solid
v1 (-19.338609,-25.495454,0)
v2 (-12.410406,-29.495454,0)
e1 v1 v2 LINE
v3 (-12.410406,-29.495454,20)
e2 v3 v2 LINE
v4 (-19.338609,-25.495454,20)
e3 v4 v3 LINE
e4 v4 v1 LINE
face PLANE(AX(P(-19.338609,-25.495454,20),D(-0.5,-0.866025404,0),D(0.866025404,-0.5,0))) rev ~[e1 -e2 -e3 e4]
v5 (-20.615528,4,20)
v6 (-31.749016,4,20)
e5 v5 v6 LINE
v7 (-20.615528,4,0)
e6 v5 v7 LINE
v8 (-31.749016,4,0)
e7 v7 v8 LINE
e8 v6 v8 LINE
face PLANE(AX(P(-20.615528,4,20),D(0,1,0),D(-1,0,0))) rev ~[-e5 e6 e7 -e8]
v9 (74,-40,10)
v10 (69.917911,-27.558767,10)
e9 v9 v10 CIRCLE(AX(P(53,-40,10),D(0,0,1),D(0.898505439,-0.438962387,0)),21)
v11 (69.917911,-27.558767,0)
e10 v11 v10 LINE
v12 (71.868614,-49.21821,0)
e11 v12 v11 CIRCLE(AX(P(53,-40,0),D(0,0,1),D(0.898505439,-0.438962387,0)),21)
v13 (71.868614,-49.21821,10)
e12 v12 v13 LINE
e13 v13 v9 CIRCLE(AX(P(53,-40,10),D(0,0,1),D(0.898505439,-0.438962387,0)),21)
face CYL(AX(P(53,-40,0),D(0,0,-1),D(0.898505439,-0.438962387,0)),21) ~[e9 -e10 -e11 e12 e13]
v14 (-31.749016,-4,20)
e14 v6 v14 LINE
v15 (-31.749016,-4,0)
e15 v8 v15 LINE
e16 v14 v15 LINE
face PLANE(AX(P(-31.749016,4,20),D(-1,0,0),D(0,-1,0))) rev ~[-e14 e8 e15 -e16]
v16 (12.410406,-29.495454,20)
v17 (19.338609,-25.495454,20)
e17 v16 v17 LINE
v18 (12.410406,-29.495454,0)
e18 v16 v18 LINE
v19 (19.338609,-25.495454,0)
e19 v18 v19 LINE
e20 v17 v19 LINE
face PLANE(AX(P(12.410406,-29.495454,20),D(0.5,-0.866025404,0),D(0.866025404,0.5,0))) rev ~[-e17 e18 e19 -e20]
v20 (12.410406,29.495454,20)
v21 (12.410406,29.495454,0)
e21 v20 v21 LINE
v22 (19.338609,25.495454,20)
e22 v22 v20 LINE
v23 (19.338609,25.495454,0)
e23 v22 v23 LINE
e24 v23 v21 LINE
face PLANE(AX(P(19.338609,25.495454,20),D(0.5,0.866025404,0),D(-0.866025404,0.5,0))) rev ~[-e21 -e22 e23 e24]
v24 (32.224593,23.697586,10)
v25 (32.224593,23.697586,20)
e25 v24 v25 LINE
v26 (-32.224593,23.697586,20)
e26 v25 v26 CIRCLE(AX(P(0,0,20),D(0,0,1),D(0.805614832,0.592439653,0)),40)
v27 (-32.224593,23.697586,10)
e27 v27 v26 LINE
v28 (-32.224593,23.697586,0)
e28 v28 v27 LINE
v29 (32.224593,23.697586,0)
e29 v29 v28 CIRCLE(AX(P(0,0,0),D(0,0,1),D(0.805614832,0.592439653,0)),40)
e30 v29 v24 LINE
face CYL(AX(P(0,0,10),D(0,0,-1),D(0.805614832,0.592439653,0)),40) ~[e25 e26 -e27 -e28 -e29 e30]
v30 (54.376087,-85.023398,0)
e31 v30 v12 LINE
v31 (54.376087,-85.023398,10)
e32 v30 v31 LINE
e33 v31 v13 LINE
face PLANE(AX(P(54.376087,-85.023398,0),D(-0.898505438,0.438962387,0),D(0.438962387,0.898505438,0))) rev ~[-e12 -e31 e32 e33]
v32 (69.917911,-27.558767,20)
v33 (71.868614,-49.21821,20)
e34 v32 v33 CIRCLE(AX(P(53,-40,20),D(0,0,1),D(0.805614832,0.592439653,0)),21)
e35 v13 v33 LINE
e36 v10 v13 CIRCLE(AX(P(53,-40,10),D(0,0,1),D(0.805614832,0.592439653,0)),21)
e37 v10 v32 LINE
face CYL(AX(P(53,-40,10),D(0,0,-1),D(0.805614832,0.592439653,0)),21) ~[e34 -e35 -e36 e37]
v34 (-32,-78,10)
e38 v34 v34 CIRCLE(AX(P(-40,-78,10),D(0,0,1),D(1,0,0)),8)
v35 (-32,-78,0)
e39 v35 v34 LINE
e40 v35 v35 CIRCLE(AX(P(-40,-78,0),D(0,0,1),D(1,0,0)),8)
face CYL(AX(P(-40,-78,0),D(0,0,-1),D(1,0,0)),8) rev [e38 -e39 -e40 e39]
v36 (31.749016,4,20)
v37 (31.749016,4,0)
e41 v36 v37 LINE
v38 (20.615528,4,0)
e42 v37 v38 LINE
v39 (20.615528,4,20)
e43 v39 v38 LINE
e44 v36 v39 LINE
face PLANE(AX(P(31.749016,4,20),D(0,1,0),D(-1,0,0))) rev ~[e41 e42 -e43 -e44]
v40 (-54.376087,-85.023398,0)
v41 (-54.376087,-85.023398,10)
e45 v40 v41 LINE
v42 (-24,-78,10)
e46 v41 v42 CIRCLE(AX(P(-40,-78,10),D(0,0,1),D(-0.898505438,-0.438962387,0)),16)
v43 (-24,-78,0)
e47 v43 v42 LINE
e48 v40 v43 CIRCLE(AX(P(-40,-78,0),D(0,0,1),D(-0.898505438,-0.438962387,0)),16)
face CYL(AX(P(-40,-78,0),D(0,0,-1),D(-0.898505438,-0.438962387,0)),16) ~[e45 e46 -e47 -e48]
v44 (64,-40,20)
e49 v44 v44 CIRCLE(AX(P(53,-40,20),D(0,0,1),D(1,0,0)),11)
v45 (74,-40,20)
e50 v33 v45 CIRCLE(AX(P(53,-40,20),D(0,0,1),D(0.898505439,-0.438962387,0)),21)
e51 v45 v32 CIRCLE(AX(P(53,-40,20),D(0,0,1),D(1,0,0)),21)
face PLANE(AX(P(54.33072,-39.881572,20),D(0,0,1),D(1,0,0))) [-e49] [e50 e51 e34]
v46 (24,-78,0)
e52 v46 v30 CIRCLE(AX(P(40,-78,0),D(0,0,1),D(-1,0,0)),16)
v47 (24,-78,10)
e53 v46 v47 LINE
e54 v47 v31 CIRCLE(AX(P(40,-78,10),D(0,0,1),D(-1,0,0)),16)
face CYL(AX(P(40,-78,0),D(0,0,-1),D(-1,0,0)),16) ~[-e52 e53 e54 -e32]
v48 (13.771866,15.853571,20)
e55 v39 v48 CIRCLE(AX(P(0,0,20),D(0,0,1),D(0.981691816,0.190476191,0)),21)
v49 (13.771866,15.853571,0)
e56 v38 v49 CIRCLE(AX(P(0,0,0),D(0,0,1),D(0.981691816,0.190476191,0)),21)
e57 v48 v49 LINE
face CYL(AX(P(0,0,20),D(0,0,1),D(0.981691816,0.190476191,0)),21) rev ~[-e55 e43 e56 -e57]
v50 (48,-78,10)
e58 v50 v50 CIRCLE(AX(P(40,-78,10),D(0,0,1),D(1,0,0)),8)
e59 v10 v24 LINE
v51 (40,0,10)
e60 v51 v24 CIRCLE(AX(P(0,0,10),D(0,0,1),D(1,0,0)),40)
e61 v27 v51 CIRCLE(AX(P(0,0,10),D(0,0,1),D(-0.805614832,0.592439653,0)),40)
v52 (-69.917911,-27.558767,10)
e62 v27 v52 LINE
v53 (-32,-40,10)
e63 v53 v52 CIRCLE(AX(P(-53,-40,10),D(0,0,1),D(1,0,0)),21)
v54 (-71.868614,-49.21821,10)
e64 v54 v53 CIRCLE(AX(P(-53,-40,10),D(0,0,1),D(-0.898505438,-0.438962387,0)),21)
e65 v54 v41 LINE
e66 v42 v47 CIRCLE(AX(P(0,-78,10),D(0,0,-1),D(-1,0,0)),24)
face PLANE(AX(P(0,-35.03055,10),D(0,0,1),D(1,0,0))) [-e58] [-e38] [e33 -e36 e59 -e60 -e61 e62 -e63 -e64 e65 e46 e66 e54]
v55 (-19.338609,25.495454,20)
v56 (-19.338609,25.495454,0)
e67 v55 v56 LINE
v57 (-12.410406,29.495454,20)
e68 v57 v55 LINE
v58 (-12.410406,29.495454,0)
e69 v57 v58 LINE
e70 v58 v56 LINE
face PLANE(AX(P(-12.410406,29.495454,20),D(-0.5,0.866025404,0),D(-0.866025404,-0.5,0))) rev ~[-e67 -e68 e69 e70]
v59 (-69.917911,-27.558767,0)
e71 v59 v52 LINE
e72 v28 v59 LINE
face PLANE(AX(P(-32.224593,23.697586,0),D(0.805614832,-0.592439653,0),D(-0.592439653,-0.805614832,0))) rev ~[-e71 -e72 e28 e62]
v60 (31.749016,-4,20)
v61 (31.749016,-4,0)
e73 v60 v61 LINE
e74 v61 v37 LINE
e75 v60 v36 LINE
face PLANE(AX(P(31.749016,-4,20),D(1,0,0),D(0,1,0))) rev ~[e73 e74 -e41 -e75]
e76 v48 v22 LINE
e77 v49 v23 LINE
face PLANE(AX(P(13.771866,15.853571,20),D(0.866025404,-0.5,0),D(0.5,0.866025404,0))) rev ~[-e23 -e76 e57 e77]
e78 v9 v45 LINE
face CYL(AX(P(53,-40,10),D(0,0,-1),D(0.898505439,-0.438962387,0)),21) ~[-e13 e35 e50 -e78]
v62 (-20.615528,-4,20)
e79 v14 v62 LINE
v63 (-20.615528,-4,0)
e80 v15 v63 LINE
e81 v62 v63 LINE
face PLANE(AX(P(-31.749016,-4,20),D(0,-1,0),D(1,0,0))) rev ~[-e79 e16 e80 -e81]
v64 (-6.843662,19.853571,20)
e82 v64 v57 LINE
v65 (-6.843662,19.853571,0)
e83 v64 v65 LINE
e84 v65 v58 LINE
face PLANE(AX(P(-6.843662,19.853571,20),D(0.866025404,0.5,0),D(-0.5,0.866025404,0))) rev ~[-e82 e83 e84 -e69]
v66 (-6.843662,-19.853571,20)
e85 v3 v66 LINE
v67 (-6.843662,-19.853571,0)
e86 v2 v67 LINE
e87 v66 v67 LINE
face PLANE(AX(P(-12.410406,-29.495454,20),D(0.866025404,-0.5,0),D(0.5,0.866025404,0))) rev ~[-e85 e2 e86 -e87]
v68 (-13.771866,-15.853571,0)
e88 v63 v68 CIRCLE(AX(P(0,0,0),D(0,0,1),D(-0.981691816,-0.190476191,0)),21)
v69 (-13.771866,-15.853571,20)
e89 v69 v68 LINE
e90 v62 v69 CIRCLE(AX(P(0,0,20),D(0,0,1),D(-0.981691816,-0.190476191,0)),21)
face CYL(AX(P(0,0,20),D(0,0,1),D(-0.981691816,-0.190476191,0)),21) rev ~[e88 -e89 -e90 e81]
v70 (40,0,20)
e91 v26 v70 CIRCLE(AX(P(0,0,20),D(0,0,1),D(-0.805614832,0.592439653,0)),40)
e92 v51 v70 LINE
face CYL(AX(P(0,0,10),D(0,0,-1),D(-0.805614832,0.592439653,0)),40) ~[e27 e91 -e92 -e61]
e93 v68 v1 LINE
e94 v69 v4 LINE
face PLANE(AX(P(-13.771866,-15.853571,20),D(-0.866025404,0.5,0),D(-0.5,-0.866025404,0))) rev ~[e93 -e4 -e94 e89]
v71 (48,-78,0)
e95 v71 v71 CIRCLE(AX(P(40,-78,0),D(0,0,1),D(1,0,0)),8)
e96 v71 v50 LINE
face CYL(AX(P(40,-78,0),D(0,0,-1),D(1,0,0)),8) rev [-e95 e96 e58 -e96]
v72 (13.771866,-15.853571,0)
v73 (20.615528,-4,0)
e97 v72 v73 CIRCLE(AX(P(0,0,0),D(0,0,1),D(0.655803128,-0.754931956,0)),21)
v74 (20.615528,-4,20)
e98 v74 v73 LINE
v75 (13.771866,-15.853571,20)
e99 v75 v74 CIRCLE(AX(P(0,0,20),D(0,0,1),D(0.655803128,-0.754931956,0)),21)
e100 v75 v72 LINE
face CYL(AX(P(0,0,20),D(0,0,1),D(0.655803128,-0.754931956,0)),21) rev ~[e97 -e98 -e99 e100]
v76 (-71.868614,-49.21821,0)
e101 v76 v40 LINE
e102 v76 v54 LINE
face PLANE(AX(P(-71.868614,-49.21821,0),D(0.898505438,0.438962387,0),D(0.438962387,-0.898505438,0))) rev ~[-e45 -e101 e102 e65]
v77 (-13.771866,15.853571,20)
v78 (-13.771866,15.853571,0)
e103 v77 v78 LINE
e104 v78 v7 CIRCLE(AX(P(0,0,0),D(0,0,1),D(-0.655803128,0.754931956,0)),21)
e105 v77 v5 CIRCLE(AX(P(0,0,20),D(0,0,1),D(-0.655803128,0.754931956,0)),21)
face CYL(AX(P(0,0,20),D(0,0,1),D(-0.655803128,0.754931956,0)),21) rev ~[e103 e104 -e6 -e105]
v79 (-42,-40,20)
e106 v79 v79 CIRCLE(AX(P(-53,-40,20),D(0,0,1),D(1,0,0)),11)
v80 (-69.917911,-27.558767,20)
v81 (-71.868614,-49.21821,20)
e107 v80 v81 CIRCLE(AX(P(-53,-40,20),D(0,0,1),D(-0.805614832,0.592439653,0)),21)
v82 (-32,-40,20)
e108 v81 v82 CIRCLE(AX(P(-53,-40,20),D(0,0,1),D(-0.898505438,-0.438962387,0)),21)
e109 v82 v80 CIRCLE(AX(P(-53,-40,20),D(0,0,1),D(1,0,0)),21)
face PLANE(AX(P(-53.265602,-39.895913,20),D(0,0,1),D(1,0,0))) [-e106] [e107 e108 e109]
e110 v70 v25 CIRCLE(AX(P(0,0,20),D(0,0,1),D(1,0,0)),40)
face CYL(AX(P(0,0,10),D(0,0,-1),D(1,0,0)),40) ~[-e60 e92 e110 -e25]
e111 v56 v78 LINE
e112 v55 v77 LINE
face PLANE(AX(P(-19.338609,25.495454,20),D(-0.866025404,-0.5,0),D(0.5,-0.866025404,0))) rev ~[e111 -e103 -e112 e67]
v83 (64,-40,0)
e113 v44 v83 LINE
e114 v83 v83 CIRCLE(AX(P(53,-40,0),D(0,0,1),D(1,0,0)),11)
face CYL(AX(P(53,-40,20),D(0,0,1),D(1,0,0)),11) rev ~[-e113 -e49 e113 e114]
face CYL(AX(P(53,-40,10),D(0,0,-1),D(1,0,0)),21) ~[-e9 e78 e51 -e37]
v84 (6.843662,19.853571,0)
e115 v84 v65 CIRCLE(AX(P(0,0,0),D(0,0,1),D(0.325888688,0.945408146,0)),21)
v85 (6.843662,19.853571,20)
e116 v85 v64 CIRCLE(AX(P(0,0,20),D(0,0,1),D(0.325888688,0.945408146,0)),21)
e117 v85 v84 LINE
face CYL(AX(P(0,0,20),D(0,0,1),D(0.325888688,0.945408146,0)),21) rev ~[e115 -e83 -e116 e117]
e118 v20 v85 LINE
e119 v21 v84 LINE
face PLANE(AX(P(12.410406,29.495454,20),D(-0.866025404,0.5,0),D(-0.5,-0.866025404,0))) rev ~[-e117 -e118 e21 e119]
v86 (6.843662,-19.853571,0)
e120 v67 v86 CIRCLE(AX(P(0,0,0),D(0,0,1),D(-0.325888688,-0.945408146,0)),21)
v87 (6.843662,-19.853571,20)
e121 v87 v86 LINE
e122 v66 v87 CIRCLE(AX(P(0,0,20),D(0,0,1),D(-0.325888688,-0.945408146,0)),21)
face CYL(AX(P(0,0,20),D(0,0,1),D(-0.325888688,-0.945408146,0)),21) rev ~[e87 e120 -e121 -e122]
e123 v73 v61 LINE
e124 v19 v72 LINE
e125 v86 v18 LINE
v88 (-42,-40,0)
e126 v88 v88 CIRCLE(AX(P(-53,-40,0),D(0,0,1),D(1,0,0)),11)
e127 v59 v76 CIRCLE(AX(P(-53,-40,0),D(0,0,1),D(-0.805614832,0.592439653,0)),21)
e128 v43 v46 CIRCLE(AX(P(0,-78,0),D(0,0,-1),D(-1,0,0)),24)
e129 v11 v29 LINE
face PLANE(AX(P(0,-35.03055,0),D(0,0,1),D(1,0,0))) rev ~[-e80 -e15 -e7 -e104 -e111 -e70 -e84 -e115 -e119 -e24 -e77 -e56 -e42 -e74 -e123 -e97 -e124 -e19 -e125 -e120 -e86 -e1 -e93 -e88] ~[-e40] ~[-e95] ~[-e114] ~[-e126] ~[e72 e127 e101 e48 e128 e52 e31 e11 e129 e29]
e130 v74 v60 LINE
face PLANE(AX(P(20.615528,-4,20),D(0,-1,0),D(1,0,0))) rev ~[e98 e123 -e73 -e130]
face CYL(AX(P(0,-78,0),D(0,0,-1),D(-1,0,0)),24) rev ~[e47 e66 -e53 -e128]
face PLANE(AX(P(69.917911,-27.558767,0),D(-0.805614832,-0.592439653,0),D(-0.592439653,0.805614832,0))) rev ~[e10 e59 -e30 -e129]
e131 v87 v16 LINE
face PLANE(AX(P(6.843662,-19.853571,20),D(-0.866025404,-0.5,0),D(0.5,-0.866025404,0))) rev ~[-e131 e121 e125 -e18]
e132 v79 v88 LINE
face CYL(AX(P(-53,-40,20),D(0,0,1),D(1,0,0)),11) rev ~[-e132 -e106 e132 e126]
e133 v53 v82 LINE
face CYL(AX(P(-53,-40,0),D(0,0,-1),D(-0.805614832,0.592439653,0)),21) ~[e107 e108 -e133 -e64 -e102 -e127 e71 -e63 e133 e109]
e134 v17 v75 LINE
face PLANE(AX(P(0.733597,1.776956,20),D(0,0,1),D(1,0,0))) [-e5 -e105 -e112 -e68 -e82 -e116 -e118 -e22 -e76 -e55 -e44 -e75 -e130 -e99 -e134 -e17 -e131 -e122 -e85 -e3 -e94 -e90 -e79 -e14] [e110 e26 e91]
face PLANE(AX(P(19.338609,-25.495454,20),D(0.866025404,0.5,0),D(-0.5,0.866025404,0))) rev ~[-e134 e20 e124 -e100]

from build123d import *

# Parameters (mm, degrees)
CROQUIS1_R              = 8
SALIENTE_EXTRUIR1_DEPTH = 10
SALIENTE_EXTRUIR2_DEPTH = 10
CROQUIS3_R              = 11
CORTAR_EXTRUIR1_DEPTH   = 122.2930336


with BuildPart() as part:
    # Croquis1 → Saliente-Extruir1 (new body)
    with BuildSketch(Plane.XY):
        with BuildLine():
            Line((-32.224593289, 23.697586108), (-69.917911477, -27.558767293))
            ThreePointArc((-69.917911477, -27.558767293), (-73.915346544, -38.116312412), (-71.868614208, -49.218210124))
            Line((-71.868614208, -49.218210124), (-54.376087015, -85.023398189))
            ThreePointArc((-54.376087015, -85.023398189), (-36.395654862, -93.588736194), (-24, -78))
            ThreePointArc((-24, -78), (0, -54), (24, -78))
            ThreePointArc((24, -78), (36.395654862, -93.588736194), (54.376087015, -85.023398189))
            Line((54.376087015, -85.023398189), (71.868614208, -49.218210124))
            ThreePointArc((71.868614208, -49.218210124), (73.915346544, -38.116312412), (69.917911477, -27.558767293))
            Line((69.917911477, -27.558767293), (32.224593289, 23.697586108))
            ThreePointArc((32.224593289, 23.697586108), (0, 40), (-32.224593289, 23.697586108))
        make_face()
        with Locations((-40, -78)):
            Circle(CROQUIS1_R, mode=Mode.SUBTRACT)
        with Locations((40, -78)):
            Circle(CROQUIS1_R, mode=Mode.SUBTRACT)
    extrude(amount=SALIENTE_EXTRUIR1_DEPTH)

    # Croquis2 → Saliente-Extruir2 (add)
    with BuildSketch(Plane.XY.offset(10)):
        with BuildLine():
            ThreePointArc((32.224593289, 23.697586108), (0, 40), (-32.224593289, 23.697586108))
            ThreePointArc((-32.224593289, 23.697586108), (-12.470290061, -38.006471367), (40, 0))
            ThreePointArc((40, 0), (38.006471367, 12.470290061), (32.224593289, 23.697586108))
        make_face()
        with BuildLine():
            ThreePointArc((-32, -40), (-46.453097718, -20.046602532), (-69.917911477, -27.558767293))
            ThreePointArc((-69.917911477, -27.558767293), (-73.915346544, -38.116312412), (-71.868614208, -49.218210124))
            ThreePointArc((-71.868614208, -49.218210124), (-48.269297006, -60.460216254), (-32, -40))
        make_face()
        with BuildLine():
            ThreePointArc((74, -40), (72.953397468, -33.453097718), (69.917911477, -27.558767293))
            ThreePointArc((69.917911477, -27.558767293), (32.084653456, -41.883687588), (71.868614208, -49.218210124))
            ThreePointArc((71.868614208, -49.218210124), (73.460216254, -44.730702994), (74, -40))
        make_face()
    extrude(amount=SALIENTE_EXTRUIR2_DEPTH)

    # Croquis3 → Cortar-Extruir1 (cut, through all)
    with BuildSketch(Plane.XY.offset(20)):
        with BuildLine():
            Line((-12.410406251, -29.49545417), (-6.843662449, -19.853571071))
            ThreePointArc((-6.843662449, -19.853571071), (0, -21), (6.843662449, -19.853571071))
            Line((6.843662449, -19.853571071), (12.410406251, -29.49545417))
            Line((12.410406251, -29.49545417), (19.338609482, -25.49545417))
            Line((19.338609482, -25.49545417), (13.771865679, -15.853571071))
            ThreePointArc((13.771865679, -15.853571071), (18.186533479, -10.5), (20.615528128, -4))
            Line((20.615528128, -4), (31.749015733, -4))
            Line((31.749015733, -4), (31.749015733, 4))
            Line((31.749015733, 4), (20.615528128, 4))
            ThreePointArc((20.615528128, 4), (18.186533479, 10.5), (13.771865679, 15.853571071))
            Line((13.771865679, 15.853571071), (19.338609482, 25.49545417))
            Line((19.338609482, 25.49545417), (12.410406251, 29.49545417))
            Line((12.410406251, 29.49545417), (6.843662449, 19.853571071))
            ThreePointArc((6.843662449, 19.853571071), (0, 21), (-6.843662449, 19.853571071))
            Line((-6.843662449, 19.853571071), (-12.410406251, 29.49545417))
            Line((-12.410406251, 29.49545417), (-19.338609482, 25.49545417))
            Line((-19.338609482, 25.49545417), (-13.771865679, 15.853571071))
            ThreePointArc((-13.771865679, 15.853571071), (-18.186533479, 10.5), (-20.615528128, 4))
            Line((-20.615528128, 4), (-31.749015733, 4))
            Line((-31.749015733, 4), (-31.749015733, -4))
            Line((-31.749015733, -4), (-20.615528128, -4))
            ThreePointArc((-20.615528128, -4), (-18.186533479, -10.5), (-13.771865679, -15.853571071))
            Line((-13.771865679, -15.853571071), (-19.338609482, -25.49545417))
            Line((-19.338609482, -25.49545417), (-12.410406251, -29.49545417))
        make_face()
        with Locations((53, -40)):
            Circle(CROQUIS3_R)
        with Locations((-53, -40)):
            Circle(CROQUIS3_R)
    extrude(amount=-CORTAR_EXTRUIR1_DEPTH, mode=Mode.SUBTRACT)


solid = part.part
